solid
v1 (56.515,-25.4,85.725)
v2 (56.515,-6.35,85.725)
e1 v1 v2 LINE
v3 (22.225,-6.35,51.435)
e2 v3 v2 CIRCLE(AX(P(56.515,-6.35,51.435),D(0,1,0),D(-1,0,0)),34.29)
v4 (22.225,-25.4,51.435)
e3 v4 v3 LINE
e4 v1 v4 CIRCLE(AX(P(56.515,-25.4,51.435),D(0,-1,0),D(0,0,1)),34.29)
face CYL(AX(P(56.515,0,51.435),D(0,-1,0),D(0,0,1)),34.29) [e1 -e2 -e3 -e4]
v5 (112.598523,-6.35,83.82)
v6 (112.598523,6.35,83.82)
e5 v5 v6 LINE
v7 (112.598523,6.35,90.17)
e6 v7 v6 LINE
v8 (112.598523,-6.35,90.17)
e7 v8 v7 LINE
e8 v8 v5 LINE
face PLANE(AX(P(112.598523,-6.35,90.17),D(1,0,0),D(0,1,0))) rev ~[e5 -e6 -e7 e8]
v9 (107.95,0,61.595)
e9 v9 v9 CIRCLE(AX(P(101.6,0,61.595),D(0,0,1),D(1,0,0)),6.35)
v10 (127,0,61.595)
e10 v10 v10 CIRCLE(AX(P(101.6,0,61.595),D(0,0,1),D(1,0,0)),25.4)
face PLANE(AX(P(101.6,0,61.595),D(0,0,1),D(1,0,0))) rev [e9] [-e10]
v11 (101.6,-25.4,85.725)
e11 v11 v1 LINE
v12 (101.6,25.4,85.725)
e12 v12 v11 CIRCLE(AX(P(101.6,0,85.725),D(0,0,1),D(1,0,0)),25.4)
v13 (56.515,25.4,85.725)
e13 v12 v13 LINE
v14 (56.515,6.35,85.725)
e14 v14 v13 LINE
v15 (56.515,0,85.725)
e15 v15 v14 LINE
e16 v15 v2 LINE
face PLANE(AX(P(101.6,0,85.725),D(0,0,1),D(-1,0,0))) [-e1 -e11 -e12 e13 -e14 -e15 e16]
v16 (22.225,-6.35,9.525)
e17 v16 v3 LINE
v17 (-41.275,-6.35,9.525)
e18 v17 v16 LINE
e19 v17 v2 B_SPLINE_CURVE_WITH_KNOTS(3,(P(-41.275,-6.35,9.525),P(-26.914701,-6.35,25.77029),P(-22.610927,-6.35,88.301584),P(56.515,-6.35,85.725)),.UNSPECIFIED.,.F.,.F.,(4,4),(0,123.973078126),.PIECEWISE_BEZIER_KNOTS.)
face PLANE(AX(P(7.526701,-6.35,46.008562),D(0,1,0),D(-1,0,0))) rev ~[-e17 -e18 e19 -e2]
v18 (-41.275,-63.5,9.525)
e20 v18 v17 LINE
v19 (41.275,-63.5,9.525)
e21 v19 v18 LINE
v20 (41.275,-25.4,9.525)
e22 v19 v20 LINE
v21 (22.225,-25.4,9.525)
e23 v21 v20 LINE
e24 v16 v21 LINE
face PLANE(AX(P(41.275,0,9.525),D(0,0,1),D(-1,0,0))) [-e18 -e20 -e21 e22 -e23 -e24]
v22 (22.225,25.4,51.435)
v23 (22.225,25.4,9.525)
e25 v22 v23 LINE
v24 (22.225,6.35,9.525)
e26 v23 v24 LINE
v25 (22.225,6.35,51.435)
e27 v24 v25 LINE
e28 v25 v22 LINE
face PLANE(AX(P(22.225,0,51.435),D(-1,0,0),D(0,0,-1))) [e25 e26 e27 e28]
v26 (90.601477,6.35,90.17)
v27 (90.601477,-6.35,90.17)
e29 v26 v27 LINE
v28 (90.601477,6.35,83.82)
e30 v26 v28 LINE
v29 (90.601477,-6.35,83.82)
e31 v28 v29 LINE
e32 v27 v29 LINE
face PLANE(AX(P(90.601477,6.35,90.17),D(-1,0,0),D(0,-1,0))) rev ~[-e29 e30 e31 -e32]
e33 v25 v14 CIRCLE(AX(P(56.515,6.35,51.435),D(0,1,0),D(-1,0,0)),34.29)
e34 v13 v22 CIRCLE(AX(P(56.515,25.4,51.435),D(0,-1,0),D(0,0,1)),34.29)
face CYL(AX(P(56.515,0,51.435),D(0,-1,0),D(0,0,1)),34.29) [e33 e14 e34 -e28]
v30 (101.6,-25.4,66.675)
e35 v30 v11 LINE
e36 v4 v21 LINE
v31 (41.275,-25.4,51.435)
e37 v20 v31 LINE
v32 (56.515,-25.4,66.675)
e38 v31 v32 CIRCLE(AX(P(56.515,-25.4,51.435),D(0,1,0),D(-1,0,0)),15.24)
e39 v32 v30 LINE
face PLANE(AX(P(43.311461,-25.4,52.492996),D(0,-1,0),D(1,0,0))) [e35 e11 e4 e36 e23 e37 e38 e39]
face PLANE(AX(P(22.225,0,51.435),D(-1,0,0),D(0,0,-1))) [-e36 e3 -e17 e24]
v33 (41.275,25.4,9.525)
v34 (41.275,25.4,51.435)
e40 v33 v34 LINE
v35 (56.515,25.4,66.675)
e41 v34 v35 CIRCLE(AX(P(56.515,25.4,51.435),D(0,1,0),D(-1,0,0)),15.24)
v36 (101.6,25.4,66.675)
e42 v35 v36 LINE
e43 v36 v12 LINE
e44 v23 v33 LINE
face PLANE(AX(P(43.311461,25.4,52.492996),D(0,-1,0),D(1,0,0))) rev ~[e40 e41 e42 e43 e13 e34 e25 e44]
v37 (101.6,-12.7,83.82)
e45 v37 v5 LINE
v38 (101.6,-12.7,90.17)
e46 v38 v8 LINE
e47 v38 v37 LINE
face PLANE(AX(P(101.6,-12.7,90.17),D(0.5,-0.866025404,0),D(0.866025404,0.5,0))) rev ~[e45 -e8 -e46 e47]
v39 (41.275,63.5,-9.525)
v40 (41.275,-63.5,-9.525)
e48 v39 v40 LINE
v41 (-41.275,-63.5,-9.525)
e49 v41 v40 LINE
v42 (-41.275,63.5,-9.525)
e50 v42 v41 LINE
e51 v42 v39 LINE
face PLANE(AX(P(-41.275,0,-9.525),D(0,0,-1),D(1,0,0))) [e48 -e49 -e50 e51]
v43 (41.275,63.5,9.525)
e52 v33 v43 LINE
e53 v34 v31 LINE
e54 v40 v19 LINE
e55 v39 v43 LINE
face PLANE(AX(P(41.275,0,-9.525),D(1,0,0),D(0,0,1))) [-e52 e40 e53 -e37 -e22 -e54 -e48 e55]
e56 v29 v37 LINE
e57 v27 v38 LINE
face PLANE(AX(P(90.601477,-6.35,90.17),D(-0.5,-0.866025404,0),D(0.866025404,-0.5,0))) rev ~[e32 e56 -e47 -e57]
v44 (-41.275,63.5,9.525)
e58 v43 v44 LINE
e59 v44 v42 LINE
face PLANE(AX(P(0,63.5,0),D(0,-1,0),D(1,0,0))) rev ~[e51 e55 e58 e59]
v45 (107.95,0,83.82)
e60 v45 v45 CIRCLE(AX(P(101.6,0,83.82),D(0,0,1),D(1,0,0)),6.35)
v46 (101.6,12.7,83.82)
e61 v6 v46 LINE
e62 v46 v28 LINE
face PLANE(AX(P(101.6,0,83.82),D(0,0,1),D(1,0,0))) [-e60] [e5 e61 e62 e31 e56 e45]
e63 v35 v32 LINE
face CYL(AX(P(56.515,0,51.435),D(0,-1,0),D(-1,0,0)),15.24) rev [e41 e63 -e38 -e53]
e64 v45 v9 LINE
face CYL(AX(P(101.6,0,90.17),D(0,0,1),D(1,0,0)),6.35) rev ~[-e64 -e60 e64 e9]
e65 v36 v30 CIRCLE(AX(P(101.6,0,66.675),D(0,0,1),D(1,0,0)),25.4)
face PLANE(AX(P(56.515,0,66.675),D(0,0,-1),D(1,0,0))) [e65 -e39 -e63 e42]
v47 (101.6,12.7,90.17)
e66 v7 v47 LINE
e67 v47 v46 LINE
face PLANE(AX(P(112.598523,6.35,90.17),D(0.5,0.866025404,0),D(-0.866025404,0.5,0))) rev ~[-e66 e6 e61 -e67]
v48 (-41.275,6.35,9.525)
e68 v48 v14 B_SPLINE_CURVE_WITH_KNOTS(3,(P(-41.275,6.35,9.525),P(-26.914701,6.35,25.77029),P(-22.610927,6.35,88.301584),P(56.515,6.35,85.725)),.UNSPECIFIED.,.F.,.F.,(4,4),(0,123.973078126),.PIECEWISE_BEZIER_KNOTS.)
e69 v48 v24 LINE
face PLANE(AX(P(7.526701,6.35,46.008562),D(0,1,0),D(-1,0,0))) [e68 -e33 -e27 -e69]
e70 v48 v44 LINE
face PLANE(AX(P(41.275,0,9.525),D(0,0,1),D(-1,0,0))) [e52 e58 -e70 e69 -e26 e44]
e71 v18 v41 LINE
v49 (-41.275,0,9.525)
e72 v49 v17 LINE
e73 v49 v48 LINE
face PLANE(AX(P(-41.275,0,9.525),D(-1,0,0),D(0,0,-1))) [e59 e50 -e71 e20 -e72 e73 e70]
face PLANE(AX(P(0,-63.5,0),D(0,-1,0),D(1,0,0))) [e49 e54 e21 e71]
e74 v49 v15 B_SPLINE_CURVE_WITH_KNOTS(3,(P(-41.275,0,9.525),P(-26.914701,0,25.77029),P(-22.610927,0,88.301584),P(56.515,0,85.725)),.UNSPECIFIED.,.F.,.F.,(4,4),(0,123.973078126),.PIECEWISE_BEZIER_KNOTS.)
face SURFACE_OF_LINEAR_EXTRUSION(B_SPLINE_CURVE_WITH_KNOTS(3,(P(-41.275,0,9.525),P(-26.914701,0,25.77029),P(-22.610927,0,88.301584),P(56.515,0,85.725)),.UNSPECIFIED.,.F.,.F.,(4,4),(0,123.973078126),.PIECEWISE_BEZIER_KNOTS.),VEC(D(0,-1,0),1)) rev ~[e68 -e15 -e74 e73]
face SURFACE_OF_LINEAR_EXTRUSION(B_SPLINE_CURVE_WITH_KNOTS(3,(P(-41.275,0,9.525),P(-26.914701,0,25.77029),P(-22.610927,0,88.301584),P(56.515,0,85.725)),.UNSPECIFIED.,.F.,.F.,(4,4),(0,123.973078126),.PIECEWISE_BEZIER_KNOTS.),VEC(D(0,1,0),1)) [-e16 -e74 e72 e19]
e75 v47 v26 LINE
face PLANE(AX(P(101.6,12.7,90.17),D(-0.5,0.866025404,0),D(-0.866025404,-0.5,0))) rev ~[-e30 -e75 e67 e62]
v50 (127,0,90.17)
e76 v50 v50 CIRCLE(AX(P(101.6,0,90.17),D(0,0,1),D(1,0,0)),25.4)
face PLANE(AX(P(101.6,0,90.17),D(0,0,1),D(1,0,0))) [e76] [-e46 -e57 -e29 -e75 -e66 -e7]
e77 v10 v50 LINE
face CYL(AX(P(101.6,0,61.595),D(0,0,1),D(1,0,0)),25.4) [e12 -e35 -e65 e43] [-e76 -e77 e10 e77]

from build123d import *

# Parameters (mm, degrees)
F1_DEPTH = 63.5
F0_W     = 25.4
F0_H     = 19.05
F2_DEPTH = 25.4
F3_DEPTH = 6.35
F5_R     = 6.35
F6_DEPTH = 99.696
F7_DEPTH = 6.35


with BuildPart() as f1:
    # F0 (on Front) → F1 (new body, symmetric)
    with BuildSketch(Plane.XZ):
        Polygon((22.225, 9.525), (-41.275, 9.525), (-41.275, -9.525), (41.275, -9.525), (41.275, 9.525), align=None)
    extrude(amount=F1_DEPTH, both=True)

    # F0 (on Front) → F2 (join, symmetric)
    with BuildSketch(Plane.XZ):
        with BuildLine():
            Line((22.225, 51.435), (22.225, 9.525))
            Line((22.225, 9.525), (41.275, 9.525))
            Line((41.275, 9.525), (41.275, 51.435))
            ThreePointArc((41.275, 51.435), (45.7386926547, 62.2113073453), (56.515, 66.675))
            Line((56.515, 66.675), (76.2, 66.675))
            Line((76.2, 66.675), (76.2, 85.725))
            Line((76.2, 85.725), (56.515, 85.725))
            ThreePointArc((56.515, 85.725), (32.2683084731, 75.6816915269), (22.225, 51.435))
        make_face()
        with Locations((88.9, 76.2)):
            Rectangle(F0_W, F0_H)
    extrude(amount=F2_DEPTH, both=True)

    # F0 (on Front) → F3 (join, symmetric)
    with BuildSketch(Plane.XZ):
        with BuildLine():
            add(Edge.make_bspline(
                [(-41.275, 9.525), (-26.9147008657, 25.7702898234), (-22.6109270006, 88.3015841246), (56.515, 85.725)],
                knots=[0, 0, 0, 0, 123.9730781259, 123.9730781259, 123.9730781259, 123.9730781259], degree=3))
            Line((-41.275, 9.525), (22.225, 9.525))
            Line((22.225, 9.525), (22.225, 51.435))
            ThreePointArc((22.225, 51.435), (32.2683084731, 75.6816915269), (56.515, 85.725))
        make_face()
    extrude(amount=F3_DEPTH, both=True)

    # F0 (on Front) → F4 (revolve)
    with BuildSketch(Plane.XZ):
        Polygon((101.6, 90.17), (101.6, 85.725), (101.6, 66.675), (101.6, 61.595), (127, 61.595), (127, 90.17), align=None)
    revolve(axis=Axis((101.6, 0, 75.8825), (0, 0, 1)))

    # F5 (on face) → F6 (cut, through all)
    with BuildSketch(Plane.XY.offset(90.17)):
        with Locations((101.6, 0)):
            Circle(F5_R)
    extrude(amount=-F6_DEPTH, mode=Mode.SUBTRACT)

    # F5 (on face) → F7 (cut)
    with BuildSketch(Plane.XY.offset(90.17)):
        Polygon((112.5985226281, 6.35), (101.6, 12.7), (90.6014773719, 6.35), (90.6014773719, -6.35), (101.6, -12.7), (112.5985226281, -6.35), align=None)
        with Locations((101.6, 0)):
            Circle(F5_R, mode=Mode.SUBTRACT)
    extrude(amount=-F7_DEPTH, mode=Mode.SUBTRACT)


solid = f1.part
